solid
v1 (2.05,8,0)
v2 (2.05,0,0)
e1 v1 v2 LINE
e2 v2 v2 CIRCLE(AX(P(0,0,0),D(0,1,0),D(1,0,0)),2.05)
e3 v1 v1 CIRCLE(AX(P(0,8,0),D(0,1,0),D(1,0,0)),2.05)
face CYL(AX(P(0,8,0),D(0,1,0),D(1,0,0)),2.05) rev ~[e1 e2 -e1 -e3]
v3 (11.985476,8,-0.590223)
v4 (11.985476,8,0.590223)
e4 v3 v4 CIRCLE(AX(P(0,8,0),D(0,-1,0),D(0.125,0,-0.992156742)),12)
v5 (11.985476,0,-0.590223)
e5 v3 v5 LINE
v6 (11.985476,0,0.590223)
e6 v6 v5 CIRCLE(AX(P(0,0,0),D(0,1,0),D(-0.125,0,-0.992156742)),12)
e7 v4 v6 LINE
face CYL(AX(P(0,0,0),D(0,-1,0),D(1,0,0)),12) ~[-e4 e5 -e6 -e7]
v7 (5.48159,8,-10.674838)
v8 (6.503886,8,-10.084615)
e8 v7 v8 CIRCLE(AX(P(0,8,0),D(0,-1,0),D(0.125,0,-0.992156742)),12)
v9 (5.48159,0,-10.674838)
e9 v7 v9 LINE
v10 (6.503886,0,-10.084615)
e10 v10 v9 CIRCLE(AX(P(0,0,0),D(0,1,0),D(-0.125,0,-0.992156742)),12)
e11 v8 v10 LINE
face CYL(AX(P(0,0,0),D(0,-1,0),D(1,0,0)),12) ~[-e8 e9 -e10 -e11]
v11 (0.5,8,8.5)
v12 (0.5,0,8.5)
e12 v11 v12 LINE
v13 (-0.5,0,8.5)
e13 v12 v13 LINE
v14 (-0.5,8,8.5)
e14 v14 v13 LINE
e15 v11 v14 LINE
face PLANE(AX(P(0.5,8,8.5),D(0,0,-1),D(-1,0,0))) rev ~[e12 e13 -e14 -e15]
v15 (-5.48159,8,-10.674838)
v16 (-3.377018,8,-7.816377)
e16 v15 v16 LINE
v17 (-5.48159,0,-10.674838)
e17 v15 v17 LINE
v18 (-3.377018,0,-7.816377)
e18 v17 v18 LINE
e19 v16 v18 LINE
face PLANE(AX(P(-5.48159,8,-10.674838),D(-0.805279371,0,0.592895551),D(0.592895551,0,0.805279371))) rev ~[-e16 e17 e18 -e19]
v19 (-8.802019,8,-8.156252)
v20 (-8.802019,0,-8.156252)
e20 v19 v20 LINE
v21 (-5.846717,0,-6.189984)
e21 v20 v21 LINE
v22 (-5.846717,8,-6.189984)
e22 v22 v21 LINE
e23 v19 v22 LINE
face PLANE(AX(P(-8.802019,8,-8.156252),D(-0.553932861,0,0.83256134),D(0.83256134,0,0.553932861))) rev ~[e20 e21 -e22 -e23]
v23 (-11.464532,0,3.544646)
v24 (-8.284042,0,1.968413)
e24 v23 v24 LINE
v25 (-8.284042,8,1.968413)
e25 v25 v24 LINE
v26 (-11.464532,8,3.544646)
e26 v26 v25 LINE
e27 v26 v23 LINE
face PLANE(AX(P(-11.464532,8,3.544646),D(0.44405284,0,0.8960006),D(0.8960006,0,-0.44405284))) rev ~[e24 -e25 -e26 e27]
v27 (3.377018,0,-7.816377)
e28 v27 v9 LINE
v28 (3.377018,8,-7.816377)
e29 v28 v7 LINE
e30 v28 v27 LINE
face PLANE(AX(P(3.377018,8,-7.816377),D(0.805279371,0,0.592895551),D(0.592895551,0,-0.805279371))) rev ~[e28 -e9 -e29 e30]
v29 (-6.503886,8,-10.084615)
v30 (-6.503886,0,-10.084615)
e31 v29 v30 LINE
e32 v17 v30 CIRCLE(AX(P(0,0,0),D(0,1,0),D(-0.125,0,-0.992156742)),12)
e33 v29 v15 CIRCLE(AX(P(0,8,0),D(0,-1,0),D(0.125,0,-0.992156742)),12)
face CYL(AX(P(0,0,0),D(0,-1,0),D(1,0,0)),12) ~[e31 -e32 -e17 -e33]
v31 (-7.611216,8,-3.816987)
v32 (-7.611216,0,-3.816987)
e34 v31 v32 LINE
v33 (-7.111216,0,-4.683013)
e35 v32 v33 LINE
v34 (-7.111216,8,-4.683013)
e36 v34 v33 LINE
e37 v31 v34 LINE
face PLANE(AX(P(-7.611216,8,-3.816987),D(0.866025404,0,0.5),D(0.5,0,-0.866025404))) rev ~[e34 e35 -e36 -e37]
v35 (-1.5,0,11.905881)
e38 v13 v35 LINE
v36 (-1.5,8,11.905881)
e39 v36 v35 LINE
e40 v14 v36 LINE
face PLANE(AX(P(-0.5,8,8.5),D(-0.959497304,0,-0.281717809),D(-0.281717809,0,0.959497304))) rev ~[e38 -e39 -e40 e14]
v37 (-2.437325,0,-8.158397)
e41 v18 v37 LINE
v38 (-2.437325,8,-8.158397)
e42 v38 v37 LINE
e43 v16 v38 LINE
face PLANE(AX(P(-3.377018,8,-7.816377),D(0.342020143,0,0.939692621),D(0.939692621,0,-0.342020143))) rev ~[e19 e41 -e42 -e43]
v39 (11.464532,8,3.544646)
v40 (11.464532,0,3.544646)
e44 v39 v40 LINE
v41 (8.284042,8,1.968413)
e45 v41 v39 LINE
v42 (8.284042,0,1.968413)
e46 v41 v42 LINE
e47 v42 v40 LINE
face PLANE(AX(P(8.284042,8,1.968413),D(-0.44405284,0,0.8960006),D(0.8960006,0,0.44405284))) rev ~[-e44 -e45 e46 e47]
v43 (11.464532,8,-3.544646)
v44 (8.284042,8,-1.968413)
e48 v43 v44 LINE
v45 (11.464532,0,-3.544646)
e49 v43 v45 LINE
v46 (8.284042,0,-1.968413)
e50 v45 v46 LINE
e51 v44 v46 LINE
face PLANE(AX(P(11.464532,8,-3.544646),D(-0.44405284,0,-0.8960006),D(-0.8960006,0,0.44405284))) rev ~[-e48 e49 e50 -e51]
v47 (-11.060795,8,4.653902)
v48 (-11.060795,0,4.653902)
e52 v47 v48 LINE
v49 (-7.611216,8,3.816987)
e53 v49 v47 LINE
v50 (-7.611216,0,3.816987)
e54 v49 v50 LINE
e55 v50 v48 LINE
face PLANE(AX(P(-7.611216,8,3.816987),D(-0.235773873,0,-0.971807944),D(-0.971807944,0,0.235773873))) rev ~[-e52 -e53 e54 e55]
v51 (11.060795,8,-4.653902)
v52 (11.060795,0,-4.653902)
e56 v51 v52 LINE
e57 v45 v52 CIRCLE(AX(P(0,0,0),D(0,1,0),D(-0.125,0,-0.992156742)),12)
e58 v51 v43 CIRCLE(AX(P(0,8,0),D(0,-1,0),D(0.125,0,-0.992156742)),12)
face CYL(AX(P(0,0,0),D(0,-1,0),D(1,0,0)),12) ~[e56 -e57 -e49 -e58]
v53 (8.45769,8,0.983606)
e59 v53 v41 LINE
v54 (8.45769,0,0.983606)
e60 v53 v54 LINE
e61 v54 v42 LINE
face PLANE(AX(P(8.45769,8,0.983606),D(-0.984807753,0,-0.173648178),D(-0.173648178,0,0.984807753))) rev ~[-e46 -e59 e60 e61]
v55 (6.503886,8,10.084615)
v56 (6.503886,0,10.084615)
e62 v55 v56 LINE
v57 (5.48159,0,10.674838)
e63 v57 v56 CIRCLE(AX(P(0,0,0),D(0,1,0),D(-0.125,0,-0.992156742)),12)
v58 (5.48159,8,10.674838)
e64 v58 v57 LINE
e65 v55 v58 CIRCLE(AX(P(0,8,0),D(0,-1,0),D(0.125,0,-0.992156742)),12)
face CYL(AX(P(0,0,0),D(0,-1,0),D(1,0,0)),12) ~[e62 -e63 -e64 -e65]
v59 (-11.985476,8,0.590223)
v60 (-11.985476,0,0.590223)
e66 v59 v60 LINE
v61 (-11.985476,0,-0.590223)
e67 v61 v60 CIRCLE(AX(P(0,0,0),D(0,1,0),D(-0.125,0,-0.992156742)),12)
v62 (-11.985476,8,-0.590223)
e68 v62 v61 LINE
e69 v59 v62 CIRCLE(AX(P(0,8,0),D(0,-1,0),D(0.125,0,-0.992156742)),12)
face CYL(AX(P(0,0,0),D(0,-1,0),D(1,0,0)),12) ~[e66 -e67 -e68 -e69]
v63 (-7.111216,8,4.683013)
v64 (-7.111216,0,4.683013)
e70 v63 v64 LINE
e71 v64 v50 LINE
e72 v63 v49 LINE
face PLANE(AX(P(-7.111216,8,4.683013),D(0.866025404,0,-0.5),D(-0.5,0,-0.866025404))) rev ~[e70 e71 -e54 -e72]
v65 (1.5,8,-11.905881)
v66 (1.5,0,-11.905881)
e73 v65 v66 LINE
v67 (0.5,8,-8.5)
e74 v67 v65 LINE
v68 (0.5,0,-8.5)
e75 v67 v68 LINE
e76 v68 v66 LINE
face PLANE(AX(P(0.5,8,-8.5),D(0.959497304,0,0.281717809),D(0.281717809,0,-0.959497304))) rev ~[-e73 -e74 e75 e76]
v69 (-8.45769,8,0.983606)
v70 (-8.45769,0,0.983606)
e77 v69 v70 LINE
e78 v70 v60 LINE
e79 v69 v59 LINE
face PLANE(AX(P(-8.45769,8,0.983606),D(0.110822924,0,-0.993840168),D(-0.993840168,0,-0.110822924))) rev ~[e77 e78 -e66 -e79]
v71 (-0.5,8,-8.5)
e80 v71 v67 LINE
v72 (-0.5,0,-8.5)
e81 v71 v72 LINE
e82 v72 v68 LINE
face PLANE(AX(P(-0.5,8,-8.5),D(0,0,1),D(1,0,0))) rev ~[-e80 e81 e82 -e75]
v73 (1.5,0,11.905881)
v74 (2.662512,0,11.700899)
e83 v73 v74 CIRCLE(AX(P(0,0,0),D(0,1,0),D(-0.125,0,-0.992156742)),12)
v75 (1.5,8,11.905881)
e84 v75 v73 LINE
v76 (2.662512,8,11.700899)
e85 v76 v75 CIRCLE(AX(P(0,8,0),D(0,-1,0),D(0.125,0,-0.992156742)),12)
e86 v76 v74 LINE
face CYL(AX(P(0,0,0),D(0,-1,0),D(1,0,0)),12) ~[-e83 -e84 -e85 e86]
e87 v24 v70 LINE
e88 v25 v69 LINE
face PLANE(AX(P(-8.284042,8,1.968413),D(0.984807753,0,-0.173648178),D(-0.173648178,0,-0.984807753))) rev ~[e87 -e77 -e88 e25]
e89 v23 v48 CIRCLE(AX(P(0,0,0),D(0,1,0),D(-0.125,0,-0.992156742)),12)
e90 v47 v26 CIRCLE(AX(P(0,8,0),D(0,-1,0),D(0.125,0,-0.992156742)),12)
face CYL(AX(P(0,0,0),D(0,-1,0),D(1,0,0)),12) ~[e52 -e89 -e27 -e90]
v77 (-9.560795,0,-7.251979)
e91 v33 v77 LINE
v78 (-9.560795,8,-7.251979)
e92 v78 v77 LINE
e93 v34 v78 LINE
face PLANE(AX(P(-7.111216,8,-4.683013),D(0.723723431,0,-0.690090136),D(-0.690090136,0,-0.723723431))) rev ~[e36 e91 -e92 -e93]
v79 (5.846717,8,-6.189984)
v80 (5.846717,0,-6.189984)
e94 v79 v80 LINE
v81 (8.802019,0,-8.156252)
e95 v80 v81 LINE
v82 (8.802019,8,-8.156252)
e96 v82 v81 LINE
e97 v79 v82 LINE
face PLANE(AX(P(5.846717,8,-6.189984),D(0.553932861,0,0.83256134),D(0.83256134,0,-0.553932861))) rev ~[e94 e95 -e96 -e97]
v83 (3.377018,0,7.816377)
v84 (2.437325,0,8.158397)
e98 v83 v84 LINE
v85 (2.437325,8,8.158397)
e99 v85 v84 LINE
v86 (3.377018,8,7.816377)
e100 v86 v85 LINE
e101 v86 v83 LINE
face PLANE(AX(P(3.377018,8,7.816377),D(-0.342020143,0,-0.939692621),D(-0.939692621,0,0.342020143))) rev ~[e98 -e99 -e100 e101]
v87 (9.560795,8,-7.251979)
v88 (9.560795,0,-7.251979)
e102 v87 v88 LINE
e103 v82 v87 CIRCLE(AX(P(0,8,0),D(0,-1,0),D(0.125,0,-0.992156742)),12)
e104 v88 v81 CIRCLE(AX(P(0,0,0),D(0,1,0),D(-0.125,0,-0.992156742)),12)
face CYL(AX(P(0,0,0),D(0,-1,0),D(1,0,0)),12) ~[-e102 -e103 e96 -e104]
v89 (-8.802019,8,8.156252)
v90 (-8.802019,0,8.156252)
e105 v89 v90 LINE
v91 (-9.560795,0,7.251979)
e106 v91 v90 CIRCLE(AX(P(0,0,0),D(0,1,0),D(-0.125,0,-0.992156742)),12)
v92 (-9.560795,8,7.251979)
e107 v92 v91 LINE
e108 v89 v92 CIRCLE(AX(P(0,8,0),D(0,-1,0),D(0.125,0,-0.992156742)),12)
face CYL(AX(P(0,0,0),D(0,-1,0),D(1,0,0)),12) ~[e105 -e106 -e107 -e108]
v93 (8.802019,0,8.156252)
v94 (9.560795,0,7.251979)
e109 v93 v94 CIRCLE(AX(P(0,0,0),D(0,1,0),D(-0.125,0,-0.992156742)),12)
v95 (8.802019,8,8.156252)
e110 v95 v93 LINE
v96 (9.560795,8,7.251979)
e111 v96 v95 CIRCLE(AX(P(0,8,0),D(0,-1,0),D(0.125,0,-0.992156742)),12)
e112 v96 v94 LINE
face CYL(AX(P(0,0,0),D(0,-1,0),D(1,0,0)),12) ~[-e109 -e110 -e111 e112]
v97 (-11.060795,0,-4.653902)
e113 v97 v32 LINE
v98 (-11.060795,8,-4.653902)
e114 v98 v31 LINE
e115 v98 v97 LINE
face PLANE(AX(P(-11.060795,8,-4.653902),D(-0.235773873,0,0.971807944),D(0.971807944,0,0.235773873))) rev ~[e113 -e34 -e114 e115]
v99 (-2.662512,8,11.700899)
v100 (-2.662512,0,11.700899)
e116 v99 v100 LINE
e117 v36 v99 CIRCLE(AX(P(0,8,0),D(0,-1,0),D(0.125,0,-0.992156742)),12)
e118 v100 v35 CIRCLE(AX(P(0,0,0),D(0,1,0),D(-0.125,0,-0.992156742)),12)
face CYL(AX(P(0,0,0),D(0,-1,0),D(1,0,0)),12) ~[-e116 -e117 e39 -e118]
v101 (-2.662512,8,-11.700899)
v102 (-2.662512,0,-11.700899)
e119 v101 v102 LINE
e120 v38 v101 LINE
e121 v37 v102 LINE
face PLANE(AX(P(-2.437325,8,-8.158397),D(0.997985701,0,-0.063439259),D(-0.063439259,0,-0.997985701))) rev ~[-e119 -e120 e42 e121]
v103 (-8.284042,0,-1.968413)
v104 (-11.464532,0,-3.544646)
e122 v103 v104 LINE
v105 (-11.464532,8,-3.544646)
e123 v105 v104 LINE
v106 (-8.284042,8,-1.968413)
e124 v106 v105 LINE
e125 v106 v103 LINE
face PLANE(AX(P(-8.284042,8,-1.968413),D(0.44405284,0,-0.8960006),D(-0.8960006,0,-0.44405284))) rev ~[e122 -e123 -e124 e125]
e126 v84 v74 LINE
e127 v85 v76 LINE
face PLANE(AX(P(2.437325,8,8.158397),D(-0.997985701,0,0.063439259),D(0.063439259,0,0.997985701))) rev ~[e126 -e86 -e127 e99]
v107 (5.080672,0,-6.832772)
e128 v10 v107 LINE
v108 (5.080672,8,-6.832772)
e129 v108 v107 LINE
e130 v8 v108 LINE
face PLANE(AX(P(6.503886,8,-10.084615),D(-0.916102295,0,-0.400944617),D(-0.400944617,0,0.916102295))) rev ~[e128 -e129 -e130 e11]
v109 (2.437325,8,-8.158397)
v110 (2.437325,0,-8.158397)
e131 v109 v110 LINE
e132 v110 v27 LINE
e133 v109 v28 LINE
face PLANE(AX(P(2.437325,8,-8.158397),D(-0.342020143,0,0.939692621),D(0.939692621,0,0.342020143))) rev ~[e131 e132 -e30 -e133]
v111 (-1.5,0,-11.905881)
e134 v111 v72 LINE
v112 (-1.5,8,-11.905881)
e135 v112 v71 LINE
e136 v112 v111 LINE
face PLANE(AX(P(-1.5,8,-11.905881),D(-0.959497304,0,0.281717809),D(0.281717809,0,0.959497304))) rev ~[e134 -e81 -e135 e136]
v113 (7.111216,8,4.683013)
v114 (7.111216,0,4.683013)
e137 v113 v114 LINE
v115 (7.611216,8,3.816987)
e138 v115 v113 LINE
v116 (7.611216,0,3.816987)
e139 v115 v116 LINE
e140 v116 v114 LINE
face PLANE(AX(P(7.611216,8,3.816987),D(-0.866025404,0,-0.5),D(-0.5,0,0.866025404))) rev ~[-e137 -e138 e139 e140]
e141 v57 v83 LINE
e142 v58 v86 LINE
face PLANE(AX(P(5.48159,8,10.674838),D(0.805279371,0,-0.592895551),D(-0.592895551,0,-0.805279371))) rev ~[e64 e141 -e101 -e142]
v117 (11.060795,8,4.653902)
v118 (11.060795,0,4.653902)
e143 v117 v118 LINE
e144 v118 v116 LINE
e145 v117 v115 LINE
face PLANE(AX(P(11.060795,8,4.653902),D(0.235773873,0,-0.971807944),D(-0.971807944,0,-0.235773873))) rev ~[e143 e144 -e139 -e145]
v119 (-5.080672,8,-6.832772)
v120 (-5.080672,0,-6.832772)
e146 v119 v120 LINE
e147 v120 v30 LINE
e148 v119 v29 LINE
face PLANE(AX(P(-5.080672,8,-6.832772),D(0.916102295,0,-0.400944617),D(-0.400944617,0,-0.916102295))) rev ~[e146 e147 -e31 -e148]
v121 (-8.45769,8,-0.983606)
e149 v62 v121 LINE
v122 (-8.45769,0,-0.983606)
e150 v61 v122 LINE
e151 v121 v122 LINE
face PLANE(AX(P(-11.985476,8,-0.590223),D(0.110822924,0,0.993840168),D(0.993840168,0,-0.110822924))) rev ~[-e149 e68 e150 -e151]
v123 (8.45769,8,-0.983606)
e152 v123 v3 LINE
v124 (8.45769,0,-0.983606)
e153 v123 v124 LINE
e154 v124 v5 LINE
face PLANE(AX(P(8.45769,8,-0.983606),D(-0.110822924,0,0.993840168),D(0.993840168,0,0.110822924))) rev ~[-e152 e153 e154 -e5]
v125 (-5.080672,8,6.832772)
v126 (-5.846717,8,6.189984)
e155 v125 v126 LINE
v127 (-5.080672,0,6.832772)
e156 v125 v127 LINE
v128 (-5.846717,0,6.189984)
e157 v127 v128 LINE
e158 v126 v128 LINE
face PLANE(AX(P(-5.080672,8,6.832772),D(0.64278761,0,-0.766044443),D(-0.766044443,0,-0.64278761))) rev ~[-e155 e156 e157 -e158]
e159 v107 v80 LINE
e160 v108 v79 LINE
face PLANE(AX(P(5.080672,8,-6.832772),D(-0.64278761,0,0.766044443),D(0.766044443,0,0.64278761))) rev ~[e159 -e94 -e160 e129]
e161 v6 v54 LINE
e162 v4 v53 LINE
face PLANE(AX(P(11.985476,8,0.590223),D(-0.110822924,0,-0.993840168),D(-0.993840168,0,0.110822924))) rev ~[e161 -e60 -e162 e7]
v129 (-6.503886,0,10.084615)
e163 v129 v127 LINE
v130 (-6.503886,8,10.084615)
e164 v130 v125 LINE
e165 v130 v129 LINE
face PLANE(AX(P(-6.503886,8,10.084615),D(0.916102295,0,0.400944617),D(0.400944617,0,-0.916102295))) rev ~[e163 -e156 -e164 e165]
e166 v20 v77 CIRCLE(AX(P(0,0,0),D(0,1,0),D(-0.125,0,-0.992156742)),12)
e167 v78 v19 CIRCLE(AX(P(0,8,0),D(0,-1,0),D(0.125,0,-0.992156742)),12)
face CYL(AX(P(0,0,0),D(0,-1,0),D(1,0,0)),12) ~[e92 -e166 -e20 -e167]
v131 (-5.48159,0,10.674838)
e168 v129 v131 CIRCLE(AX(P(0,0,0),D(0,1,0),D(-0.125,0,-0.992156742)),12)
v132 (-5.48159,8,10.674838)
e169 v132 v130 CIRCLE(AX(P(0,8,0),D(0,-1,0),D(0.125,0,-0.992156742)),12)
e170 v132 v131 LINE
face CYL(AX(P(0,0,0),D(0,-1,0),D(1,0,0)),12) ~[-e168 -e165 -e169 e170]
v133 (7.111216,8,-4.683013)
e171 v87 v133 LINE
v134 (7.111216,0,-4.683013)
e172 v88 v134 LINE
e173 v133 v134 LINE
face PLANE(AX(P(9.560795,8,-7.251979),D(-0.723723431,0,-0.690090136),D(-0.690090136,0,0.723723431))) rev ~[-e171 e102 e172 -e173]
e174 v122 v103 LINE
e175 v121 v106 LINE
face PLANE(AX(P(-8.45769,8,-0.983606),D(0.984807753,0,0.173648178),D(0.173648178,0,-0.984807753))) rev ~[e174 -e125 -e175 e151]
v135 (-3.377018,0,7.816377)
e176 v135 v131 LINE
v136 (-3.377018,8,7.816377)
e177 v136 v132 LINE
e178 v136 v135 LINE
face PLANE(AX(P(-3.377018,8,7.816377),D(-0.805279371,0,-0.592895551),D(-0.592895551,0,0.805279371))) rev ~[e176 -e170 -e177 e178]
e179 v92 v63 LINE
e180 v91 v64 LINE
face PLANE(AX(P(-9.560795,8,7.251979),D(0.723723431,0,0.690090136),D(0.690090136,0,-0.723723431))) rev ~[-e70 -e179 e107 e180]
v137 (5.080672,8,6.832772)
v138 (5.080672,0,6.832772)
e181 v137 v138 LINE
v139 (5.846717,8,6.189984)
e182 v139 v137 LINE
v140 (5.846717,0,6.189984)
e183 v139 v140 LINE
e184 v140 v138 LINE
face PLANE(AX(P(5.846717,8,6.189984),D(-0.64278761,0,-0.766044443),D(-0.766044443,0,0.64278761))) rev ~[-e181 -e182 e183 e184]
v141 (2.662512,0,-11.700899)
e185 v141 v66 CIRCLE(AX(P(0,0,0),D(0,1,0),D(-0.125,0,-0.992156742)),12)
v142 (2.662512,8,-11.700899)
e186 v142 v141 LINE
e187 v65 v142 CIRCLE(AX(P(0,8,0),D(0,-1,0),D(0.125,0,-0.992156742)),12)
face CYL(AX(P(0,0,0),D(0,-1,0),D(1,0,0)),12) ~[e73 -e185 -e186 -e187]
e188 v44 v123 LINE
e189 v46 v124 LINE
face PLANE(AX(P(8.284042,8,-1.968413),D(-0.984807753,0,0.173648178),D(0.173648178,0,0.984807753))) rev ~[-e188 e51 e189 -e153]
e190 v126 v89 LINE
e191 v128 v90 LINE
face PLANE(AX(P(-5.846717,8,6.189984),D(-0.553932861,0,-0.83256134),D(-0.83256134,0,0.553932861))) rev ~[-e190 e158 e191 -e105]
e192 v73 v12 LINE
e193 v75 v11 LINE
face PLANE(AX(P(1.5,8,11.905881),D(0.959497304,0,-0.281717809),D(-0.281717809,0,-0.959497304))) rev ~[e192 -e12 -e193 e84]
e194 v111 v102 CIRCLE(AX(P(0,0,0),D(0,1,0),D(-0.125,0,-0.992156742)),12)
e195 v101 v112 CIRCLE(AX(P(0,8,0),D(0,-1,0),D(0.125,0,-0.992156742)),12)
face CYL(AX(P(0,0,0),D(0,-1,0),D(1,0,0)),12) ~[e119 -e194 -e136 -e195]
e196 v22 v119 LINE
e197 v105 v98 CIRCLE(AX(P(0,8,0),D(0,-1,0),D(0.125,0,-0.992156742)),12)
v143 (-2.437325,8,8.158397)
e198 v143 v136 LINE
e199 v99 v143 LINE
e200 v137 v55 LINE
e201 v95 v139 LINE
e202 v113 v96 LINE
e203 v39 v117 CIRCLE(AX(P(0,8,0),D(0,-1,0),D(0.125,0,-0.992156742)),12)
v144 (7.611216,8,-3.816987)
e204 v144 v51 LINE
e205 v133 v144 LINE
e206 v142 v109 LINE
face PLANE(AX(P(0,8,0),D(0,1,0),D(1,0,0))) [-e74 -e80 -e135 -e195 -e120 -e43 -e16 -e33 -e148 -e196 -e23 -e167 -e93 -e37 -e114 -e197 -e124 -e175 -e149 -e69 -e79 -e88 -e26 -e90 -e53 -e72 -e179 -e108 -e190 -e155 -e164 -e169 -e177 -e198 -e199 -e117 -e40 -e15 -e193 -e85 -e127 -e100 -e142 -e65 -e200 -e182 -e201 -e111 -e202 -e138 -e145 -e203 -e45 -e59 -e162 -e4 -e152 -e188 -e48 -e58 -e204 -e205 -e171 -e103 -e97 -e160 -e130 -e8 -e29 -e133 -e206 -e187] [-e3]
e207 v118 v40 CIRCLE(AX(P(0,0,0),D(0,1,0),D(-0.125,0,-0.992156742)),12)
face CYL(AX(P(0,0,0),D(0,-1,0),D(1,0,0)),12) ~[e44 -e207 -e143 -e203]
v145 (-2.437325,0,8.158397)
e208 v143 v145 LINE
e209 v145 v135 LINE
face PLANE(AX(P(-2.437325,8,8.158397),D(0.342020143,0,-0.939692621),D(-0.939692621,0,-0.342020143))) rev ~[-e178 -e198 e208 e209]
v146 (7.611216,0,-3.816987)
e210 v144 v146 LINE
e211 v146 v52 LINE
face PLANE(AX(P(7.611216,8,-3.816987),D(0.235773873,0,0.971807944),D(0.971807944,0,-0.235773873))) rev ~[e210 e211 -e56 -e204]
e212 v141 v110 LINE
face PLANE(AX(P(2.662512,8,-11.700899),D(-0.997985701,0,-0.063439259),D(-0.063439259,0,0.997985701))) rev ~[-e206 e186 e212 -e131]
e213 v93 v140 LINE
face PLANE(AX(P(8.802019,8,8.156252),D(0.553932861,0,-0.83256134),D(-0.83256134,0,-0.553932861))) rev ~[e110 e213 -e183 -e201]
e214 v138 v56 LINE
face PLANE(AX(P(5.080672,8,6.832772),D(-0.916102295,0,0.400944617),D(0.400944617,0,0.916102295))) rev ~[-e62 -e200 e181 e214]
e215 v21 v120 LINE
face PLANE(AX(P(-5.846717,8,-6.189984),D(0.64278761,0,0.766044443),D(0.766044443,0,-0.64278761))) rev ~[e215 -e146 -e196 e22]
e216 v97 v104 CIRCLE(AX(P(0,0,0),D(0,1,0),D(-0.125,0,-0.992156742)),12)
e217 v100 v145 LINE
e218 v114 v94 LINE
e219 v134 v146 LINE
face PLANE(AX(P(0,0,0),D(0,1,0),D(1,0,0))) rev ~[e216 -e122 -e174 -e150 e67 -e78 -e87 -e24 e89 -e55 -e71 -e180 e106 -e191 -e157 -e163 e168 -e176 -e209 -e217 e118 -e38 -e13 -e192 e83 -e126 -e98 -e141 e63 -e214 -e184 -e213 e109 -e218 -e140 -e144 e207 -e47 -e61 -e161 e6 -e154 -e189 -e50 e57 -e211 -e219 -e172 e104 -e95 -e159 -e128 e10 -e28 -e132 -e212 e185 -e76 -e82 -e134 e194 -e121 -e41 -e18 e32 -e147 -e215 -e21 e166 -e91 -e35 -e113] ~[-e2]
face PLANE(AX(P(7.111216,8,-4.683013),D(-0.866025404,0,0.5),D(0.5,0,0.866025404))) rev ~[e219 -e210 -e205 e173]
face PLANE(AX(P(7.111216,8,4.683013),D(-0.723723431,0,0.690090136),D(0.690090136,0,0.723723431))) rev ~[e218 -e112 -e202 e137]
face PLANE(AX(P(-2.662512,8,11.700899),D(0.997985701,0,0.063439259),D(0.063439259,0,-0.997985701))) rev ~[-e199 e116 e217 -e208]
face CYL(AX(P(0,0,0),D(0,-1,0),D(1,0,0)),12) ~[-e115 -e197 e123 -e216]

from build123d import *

# Parameters (mm, degrees)
SKETCH1_R           = 12
BOSS_EXTRUDE1_DEPTH = 8
SKETCH2_R           = 2.05
CUT_EXTRUDE1_DEPTH  = 9
CUT_EXTRUDE2_DEPTH  = 9
CIRPATTERN1_COUNT   = 18


with BuildPart() as part:
    # Sketch1 → Boss-Extrude1 (new body)
    with BuildSketch(Plane(origin=(0, 0, 0), x_dir=(1, 0, 0), z_dir=(0, 1, 0))):
        Circle(SKETCH1_R)
    extrude(amount=BOSS_EXTRUDE1_DEPTH)

    # Sketch2 → Cut-Extrude1 (cut, through all)
    with BuildSketch(Plane(origin=(0, 8, 0), x_dir=(1, 0, 0), z_dir=(0, 1, 0))):
        Circle(SKETCH2_R)
    extrude(amount=-CUT_EXTRUDE1_DEPTH, mode=Mode.SUBTRACT)

    # Sketch3 → Cut-Extrude2 (cut, through all)
    with BuildSketch(Plane(origin=(0, 8, 0), x_dir=(1, 0, 0), z_dir=(0, 1, 0))):
        Polygon((0, 8.5), (0.5, 8.5), (1.5, 11.9058809), (1.5, 12.741082781), (-1.5, 12.741082781), (-1.5, 11.9058809), (-0.5, 8.5), align=None)
    cut_extrude2 = extrude(amount=-CUT_EXTRUDE2_DEPTH, mode=Mode.SUBTRACT)

    # CirPattern1: Cut-Extrude2 ×18 about axis
    cirpattern1_axis = Axis((0, 0, 0), (0, 1, 0))
    for i in range(1, CIRPATTERN1_COUNT):
        add(cut_extrude2.rotate(cirpattern1_axis, i * 360 / CIRPATTERN1_COUNT), mode=Mode.SUBTRACT)


solid = part.part
